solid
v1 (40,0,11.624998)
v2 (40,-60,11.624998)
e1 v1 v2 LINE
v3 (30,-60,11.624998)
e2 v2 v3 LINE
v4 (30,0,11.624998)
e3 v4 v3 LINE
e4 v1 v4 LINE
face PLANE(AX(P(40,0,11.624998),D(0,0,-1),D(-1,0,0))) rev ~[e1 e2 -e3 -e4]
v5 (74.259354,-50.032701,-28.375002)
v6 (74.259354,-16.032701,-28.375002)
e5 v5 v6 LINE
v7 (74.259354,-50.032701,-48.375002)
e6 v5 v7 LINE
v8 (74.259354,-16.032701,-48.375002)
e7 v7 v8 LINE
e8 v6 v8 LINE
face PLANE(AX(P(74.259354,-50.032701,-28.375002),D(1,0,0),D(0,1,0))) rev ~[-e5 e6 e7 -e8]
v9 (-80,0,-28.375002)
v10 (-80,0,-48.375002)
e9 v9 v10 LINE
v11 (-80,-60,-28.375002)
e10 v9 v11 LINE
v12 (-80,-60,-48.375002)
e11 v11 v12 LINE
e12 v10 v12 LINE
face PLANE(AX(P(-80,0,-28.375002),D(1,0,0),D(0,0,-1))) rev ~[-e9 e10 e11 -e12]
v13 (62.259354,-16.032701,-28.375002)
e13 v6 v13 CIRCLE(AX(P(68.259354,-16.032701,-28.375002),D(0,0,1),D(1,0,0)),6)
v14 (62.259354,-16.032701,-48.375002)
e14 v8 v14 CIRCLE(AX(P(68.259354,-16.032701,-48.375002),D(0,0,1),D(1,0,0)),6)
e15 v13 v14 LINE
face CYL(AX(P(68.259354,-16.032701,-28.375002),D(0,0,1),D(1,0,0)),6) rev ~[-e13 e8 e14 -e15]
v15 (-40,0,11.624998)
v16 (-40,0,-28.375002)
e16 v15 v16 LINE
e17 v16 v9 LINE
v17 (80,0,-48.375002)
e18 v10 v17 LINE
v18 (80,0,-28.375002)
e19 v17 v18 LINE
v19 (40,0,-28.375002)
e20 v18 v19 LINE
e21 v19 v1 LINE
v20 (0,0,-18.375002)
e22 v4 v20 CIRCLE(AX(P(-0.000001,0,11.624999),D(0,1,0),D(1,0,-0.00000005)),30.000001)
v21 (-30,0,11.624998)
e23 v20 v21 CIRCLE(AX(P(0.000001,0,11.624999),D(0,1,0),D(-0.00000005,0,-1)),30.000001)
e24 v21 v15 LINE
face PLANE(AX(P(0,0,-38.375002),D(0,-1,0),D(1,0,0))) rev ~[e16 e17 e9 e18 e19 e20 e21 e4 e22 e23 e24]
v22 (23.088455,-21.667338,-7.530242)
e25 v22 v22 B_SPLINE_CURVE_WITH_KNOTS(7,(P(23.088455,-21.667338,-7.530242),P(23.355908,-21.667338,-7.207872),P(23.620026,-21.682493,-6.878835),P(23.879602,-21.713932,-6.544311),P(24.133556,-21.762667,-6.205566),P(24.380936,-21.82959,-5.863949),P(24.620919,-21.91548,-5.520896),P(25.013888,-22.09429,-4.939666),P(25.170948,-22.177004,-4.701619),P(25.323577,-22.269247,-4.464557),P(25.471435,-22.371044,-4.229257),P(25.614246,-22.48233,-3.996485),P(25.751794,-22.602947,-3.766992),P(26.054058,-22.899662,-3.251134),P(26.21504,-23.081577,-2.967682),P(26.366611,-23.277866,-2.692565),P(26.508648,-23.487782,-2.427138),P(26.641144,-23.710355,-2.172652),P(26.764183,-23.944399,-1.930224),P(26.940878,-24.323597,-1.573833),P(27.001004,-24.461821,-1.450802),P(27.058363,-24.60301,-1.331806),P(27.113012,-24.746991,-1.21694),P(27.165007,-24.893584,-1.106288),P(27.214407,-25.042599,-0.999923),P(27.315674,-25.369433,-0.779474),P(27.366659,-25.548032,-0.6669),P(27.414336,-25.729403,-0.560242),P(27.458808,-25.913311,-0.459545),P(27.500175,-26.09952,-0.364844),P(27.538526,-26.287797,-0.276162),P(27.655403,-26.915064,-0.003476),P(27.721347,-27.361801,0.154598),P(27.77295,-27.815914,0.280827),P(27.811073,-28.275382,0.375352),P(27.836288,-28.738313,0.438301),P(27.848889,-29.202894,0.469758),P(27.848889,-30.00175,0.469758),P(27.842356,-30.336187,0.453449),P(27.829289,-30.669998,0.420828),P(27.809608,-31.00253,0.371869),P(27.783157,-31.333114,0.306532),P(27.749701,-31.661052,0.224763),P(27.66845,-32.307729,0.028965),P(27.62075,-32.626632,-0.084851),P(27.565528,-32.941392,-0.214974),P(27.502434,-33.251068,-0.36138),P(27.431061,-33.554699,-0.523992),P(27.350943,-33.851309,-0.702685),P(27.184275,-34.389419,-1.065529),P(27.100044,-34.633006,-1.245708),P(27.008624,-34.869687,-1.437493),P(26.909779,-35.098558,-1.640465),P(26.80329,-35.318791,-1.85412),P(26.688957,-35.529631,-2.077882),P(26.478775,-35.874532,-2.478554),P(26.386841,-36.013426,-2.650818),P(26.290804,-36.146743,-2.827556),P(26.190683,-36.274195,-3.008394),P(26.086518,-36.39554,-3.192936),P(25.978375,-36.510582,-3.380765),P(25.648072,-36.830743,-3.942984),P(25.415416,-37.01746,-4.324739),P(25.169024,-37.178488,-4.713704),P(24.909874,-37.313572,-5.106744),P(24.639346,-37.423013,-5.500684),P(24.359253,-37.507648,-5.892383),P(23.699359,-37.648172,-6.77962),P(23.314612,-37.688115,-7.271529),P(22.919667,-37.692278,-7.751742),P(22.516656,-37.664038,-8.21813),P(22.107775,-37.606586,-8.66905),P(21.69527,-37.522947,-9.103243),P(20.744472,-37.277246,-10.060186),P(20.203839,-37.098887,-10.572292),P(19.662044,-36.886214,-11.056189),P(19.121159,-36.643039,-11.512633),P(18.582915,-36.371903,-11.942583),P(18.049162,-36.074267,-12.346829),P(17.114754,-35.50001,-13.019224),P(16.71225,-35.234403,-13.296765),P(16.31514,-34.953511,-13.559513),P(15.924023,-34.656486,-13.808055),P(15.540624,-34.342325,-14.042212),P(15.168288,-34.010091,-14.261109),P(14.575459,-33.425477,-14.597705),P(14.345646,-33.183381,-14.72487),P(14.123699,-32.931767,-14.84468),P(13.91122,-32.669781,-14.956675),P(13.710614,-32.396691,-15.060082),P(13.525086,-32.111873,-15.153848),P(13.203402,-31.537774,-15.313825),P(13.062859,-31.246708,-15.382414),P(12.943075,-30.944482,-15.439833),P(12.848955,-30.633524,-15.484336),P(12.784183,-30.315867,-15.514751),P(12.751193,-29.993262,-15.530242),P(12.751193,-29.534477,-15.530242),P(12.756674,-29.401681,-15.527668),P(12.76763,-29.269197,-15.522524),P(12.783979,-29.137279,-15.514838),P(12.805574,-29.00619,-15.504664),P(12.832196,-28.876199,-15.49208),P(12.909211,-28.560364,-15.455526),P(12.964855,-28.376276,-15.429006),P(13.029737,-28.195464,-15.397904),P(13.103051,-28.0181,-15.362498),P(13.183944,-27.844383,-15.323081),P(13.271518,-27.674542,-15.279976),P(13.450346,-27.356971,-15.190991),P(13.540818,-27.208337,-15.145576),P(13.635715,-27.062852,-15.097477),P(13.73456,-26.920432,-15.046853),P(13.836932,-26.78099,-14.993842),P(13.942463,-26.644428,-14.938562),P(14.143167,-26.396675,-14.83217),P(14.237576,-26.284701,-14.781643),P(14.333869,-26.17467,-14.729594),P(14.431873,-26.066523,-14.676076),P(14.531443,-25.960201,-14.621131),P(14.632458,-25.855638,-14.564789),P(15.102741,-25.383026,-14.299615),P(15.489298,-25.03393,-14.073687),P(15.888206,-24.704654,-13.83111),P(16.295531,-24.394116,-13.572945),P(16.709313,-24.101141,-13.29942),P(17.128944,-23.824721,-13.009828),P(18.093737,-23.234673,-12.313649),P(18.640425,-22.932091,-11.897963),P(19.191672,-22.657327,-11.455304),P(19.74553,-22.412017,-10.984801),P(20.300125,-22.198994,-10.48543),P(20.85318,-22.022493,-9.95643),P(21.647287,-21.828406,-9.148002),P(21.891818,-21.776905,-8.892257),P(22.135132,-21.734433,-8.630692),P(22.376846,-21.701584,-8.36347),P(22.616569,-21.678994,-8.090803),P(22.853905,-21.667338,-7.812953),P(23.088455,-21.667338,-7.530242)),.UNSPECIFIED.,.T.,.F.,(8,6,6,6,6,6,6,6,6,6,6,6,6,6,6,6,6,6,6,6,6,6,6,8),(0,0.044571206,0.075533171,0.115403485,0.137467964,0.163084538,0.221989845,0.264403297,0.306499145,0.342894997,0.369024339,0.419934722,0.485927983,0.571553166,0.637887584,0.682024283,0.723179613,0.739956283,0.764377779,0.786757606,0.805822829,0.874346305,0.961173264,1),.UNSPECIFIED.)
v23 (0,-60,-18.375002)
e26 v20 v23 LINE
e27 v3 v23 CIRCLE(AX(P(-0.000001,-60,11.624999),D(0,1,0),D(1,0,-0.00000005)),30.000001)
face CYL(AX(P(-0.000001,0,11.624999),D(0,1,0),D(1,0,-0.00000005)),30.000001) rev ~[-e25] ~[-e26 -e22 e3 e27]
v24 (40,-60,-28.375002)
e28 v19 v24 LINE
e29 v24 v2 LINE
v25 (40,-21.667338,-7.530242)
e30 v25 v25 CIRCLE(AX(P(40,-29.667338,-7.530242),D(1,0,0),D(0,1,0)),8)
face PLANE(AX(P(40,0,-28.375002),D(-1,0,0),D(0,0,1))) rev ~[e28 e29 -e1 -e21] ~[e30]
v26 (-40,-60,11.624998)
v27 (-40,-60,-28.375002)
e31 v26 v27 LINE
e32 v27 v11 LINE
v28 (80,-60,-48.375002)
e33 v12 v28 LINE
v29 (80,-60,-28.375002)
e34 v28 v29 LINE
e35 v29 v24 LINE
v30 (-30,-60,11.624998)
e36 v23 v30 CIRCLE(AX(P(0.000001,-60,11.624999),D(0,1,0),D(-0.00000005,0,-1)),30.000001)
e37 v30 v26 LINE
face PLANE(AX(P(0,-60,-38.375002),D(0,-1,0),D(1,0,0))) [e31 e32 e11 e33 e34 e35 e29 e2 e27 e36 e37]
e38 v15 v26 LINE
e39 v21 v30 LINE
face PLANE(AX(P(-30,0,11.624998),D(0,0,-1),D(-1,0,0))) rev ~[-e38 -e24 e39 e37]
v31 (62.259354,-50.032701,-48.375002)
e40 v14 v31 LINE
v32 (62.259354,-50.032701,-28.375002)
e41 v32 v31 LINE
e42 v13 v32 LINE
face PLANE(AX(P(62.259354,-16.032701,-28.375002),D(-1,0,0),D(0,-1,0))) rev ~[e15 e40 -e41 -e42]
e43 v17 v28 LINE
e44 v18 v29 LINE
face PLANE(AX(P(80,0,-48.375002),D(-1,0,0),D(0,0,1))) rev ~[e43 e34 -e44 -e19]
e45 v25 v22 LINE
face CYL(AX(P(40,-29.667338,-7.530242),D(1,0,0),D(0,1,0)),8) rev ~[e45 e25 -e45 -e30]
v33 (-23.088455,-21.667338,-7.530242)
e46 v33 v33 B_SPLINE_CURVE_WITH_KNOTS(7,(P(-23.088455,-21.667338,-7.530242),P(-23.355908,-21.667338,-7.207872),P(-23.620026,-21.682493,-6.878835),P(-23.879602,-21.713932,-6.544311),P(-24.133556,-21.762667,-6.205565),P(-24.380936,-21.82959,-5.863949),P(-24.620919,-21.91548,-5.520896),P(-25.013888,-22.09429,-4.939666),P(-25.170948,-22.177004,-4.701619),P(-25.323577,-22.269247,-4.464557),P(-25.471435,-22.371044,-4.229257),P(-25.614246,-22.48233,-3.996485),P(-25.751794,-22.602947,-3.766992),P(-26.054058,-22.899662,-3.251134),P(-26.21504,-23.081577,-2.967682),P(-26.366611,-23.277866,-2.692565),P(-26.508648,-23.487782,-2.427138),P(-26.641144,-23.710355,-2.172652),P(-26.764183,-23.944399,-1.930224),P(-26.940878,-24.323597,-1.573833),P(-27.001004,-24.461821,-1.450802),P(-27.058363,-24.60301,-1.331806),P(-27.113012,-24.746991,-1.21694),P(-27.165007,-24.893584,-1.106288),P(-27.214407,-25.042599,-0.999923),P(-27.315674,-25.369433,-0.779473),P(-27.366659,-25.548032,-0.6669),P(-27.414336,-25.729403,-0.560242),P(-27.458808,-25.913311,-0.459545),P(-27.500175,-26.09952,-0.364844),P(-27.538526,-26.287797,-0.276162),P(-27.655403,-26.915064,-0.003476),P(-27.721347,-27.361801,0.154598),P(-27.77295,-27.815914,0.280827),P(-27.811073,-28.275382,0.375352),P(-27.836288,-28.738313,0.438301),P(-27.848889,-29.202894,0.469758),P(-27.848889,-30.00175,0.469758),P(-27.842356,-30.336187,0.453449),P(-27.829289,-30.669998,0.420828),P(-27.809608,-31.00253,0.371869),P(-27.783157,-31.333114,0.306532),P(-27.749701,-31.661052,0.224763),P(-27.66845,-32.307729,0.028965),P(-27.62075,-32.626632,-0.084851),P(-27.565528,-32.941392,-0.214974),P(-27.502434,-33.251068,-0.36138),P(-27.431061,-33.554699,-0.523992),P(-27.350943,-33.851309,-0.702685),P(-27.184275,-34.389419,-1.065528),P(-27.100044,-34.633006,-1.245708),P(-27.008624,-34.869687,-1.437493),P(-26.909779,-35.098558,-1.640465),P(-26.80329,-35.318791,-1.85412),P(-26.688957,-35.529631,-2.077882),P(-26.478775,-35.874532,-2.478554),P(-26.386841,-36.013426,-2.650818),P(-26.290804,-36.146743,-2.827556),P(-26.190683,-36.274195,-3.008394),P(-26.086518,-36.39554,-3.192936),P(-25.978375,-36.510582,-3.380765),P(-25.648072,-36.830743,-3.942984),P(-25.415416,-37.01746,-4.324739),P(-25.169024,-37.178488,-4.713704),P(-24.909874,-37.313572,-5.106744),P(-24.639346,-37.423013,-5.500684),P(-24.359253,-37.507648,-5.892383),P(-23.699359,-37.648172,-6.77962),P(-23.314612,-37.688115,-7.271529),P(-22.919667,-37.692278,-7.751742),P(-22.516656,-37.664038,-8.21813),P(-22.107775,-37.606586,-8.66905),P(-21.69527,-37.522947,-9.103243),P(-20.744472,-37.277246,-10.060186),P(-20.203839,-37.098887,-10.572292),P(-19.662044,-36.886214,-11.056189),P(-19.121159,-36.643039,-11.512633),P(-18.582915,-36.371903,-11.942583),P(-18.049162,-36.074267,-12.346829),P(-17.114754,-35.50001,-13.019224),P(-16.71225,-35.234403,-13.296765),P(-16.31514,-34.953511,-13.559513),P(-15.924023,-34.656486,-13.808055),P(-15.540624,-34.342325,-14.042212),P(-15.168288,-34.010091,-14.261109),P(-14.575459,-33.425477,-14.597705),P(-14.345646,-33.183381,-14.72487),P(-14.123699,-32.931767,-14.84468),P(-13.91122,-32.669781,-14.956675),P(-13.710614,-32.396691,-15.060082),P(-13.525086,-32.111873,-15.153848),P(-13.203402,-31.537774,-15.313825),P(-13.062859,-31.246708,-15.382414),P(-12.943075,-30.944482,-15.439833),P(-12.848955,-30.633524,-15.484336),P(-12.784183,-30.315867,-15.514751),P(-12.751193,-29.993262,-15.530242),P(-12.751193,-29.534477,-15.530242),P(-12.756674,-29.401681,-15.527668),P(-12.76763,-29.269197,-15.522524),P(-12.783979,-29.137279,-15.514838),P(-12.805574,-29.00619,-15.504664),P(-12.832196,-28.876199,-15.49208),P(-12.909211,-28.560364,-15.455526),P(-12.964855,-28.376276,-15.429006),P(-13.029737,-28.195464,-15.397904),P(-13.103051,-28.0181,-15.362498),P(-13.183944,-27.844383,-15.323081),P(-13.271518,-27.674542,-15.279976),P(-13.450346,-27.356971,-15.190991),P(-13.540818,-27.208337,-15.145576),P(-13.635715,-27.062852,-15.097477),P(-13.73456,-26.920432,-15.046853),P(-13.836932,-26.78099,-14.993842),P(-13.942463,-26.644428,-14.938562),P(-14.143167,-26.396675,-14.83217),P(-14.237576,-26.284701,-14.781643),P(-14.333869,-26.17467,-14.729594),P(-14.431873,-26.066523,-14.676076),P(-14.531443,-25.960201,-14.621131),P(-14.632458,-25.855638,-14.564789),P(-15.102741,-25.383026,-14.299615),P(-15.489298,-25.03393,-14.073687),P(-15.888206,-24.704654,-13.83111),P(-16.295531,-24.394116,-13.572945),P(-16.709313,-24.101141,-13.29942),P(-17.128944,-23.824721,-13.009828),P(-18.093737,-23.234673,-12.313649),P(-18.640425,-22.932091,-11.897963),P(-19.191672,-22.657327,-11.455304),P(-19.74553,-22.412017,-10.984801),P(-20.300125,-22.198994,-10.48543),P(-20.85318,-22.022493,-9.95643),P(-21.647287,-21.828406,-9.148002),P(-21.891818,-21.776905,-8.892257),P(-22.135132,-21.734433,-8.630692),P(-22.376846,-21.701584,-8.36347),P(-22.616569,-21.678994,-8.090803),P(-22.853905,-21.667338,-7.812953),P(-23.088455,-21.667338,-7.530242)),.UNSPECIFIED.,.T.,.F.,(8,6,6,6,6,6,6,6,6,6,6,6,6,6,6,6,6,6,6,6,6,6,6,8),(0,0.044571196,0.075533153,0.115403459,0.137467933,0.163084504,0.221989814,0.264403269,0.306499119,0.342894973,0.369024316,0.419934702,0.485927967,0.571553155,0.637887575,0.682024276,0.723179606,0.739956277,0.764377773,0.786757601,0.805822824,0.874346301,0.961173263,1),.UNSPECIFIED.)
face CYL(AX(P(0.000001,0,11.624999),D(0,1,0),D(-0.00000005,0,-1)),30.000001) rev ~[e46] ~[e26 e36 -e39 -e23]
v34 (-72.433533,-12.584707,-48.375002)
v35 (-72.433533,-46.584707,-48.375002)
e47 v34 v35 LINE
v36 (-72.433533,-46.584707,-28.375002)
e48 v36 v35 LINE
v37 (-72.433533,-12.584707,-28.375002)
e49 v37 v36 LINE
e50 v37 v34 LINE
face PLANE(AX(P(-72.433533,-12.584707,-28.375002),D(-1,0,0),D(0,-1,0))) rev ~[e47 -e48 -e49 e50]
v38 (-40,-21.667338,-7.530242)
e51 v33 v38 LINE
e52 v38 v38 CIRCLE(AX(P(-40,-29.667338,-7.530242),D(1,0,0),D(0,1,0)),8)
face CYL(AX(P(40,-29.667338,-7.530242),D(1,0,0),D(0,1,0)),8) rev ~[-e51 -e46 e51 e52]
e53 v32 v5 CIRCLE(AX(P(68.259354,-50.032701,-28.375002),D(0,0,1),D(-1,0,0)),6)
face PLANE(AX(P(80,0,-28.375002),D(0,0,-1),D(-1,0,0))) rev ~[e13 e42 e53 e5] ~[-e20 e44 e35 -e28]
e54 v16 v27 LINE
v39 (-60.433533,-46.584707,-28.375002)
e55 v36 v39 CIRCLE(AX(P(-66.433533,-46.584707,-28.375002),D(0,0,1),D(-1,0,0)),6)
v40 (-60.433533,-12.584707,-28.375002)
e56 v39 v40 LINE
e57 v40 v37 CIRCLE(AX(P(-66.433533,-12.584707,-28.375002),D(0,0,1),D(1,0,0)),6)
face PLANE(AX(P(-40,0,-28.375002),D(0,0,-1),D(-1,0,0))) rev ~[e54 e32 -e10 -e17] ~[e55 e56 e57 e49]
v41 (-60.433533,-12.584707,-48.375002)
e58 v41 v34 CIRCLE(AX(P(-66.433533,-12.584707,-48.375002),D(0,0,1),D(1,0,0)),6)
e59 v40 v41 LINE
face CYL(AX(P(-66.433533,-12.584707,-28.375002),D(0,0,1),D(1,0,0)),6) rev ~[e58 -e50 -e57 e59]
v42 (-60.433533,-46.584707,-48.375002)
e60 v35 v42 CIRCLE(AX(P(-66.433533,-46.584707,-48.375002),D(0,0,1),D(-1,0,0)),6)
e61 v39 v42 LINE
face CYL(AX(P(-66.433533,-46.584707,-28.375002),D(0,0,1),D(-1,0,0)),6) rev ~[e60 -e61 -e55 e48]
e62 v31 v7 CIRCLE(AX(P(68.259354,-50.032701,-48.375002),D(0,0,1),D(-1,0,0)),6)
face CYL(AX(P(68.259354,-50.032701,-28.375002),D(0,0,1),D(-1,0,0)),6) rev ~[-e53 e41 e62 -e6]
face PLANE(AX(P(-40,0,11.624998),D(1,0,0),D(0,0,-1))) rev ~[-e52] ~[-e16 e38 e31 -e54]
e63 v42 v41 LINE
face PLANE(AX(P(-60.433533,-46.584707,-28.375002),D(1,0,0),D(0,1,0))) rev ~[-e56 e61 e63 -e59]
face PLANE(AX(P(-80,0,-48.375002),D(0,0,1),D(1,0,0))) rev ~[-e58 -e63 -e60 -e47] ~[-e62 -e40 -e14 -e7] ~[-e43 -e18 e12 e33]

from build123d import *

# Parameters (mm, degrees)
F1_DEPTH = 60
F4_DEPTH = 20.001
F5_R     = 8
F6_DEPTH = 120.001


with BuildPart() as f1:
    # F0 (on Front) → F1 (new body)
    with BuildSketch(Plane.XZ):
        Polygon((-40, -28.375002), (-80, -28.375002), (-80, -48.375002), (80, -48.375002), (80, -28.375002), (40, -28.375002), (0, -28.375002), align=None)
        with BuildLine():
            Line((-40, 11.624998), (-40, -28.375002))
            Line((-40, -28.375002), (0, -28.375002))
            Line((0, -28.375002), (0, -18.375002))
            ThreePointArc((0, -18.375002), (-21.213203, -9.588205), (-30, 11.624998))
            Line((-30, 11.624998), (-40, 11.624998))
        make_face()
        with BuildLine():
            Line((0, -18.375002), (0, -28.375002))
            Line((0, -28.375002), (40, -28.375002))
            Line((40, -28.375002), (40, 11.624998))
            Line((40, 11.624998), (30, 11.624998))
            ThreePointArc((30, 11.624998), (21.213203, -9.588205), (0, -18.375002))
        make_face()
    extrude(amount=F1_DEPTH)

    # F3 (on face) → F4 (cut, through all)
    with BuildSketch(Plane.XY.offset(-28.375002)):
        with BuildLine():
            ThreePointArc((-60.433533, -12.584707), (-66.433533, -6.584707), (-72.433533, -12.584707))
            Line((-72.433533, -12.584707), (-72.433533, -46.584707))
            ThreePointArc((-72.433533, -46.584707), (-66.433533, -52.584707), (-60.433533, -46.584707))
            Line((-60.433533, -46.584707), (-60.433533, -12.584707))
        make_face()
        with BuildLine():
            ThreePointArc((62.259354, -50.032701), (68.259354, -56.032701), (74.259354, -50.032701))
            Line((74.259354, -50.032701), (74.259354, -16.032701))
            ThreePointArc((74.259354, -16.032701), (68.259354, -10.032701), (62.259354, -16.032701))
            Line((62.259354, -16.032701), (62.259354, -50.032701))
        make_face()
    extrude(amount=-F4_DEPTH, mode=Mode.SUBTRACT)

    # F5 (on face) → F6 (cut, through all)
    with BuildSketch(Plane.YZ.offset(40)):
        with Locations((-29.667338, -7.530242)):
            Circle(F5_R)
    extrude(amount=-F6_DEPTH, mode=Mode.SUBTRACT)


solid = f1.part
